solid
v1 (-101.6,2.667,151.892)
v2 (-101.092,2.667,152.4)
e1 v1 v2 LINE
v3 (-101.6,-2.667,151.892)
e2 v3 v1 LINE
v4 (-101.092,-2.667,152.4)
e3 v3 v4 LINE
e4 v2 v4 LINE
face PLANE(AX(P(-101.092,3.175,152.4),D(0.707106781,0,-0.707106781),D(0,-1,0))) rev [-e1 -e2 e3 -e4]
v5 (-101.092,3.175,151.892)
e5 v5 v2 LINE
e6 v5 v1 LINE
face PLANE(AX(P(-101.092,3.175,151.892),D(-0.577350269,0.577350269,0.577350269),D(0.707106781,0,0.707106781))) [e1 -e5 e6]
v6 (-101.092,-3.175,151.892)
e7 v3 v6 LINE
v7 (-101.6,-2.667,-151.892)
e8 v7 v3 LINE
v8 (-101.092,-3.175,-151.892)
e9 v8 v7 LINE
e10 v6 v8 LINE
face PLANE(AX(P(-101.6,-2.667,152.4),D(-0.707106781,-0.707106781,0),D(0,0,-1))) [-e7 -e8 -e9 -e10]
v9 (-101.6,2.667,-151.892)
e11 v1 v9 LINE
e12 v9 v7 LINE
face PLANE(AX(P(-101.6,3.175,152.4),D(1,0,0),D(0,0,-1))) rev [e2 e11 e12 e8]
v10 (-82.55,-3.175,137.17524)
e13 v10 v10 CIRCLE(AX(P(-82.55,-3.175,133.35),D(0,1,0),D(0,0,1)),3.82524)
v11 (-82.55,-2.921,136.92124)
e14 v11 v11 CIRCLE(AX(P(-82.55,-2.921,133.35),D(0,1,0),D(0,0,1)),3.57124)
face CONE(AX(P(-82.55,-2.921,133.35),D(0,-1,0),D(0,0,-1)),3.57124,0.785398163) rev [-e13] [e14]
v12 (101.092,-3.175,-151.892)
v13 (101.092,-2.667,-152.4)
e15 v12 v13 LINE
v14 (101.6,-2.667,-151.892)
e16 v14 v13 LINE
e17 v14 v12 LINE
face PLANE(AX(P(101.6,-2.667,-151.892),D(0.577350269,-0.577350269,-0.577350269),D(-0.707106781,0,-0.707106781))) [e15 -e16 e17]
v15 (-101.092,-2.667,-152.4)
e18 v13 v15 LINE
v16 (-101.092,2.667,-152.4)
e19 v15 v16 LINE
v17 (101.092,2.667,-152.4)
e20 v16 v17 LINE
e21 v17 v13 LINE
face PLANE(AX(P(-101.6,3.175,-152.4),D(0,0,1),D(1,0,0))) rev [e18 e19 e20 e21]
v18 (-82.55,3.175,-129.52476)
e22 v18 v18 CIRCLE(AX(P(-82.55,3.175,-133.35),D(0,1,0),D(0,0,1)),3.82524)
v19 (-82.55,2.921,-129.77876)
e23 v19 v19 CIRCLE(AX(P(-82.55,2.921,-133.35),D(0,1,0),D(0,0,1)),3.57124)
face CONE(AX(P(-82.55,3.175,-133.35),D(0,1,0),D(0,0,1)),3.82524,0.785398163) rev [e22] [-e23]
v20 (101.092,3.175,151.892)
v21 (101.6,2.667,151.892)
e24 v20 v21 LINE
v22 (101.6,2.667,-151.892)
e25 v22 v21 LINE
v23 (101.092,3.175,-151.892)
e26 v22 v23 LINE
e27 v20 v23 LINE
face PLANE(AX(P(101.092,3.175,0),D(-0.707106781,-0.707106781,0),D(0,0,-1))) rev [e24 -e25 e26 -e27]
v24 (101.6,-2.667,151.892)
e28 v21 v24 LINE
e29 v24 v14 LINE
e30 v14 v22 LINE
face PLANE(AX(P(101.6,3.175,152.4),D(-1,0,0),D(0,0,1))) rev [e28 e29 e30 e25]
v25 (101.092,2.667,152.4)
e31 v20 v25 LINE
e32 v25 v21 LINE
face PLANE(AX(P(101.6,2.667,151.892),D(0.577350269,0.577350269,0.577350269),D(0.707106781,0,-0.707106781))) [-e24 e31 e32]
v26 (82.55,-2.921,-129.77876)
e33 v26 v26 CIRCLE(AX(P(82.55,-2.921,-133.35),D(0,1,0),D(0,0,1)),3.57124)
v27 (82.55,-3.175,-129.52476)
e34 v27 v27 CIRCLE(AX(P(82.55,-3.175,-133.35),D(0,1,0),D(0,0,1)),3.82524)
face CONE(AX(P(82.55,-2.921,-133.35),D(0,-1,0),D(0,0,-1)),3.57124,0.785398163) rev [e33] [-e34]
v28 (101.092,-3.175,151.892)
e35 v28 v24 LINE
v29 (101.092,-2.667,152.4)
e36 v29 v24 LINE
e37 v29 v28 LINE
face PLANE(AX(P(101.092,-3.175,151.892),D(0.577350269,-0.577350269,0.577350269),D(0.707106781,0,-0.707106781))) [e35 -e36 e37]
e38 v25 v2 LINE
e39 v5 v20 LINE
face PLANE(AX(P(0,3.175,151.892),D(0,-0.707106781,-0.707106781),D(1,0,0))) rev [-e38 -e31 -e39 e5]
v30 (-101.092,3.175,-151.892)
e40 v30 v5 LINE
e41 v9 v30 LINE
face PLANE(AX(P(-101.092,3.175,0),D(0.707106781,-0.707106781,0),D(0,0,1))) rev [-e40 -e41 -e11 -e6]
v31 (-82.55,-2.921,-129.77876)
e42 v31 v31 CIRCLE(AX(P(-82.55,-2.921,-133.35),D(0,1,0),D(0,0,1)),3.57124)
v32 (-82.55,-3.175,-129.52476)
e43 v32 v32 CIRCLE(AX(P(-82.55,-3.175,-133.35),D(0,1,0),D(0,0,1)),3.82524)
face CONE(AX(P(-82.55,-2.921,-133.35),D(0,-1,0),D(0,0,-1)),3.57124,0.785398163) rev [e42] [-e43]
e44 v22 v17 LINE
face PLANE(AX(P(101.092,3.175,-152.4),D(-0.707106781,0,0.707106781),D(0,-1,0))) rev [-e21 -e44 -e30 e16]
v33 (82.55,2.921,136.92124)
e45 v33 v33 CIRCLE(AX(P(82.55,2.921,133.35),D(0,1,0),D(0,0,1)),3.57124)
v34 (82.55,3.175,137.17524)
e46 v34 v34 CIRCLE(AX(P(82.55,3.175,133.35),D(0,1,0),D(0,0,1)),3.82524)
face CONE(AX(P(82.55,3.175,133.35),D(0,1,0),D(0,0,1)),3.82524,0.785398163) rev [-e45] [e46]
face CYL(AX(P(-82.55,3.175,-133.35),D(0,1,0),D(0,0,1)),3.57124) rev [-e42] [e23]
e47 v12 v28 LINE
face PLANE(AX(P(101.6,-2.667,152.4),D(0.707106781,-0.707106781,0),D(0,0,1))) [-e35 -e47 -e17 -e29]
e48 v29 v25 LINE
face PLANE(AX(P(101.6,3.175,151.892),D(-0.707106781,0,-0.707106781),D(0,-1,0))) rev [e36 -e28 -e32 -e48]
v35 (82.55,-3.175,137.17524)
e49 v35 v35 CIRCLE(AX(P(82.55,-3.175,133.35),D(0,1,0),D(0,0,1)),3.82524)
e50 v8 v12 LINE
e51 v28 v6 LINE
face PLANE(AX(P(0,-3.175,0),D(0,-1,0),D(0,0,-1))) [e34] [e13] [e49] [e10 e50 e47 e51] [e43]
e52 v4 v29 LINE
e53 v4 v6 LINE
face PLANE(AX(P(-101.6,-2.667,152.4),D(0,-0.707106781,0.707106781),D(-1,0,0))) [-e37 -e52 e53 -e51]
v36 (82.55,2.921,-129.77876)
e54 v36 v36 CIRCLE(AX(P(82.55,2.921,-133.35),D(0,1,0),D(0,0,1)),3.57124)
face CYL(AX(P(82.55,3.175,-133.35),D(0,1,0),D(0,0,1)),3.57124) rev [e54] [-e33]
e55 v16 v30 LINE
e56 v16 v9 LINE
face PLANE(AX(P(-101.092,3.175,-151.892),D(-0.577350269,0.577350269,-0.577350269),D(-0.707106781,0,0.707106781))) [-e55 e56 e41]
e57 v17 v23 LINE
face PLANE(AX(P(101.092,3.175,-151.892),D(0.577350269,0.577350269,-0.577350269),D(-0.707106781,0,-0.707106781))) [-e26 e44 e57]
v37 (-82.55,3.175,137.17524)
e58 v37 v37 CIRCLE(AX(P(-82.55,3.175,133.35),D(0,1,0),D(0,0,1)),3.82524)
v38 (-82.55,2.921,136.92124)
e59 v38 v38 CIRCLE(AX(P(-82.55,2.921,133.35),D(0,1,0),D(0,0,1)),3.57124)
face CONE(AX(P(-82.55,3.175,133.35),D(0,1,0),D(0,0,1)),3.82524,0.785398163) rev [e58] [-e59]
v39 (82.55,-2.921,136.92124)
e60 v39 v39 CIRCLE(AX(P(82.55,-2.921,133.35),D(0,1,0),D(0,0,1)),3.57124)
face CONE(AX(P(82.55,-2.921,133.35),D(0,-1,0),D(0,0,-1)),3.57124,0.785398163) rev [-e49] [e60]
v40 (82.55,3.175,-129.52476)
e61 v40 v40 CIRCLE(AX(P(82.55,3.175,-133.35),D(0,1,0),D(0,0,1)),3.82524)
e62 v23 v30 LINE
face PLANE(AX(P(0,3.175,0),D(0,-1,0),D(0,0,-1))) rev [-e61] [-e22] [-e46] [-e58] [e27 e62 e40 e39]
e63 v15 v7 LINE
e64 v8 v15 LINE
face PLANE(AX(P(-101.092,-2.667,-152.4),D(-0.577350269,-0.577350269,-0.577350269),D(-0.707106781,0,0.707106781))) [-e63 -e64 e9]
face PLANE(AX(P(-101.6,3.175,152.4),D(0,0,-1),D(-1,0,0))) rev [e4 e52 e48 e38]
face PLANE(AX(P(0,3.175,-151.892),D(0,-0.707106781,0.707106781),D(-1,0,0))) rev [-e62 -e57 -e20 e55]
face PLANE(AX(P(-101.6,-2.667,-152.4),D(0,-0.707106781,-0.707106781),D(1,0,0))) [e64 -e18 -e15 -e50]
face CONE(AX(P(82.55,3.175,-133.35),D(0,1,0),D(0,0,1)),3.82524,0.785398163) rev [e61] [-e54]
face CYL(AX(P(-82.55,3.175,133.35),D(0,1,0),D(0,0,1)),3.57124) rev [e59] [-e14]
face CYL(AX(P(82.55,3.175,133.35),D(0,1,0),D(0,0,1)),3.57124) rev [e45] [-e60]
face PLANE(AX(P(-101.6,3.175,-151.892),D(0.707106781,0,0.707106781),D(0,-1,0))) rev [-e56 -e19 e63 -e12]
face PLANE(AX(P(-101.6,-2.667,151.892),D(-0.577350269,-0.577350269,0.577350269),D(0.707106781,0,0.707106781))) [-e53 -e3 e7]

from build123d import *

# Parameters (mm, degrees)
SKETCH1_W                        = 203.2
SKETCH1_H                        = 304.8
BOSS_EXTRUDE1_DEPTH              = 3.175
F_1_4_CLEARANCE_HOLE1_AT_2_COUNT = 2
F_1_4_CLEARANCE_HOLE1_AT_2_PITCH = 165.1
F_1_4_CLEARANCE_HOLE1_AT_3_COUNT = 2
F_1_4_CLEARANCE_HOLE1_AT_3_PITCH = 313.666861495
F_1_4_CLEARANCE_HOLE1_AT_4_COUNT = 2
F_1_4_CLEARANCE_HOLE1_AT_4_PITCH = 266.7
CHAMFER1_SIZE                    = 0.508


with BuildPart() as part:
    # Sketch1 → Boss-Extrude1 (new, symmetric)
    with BuildSketch(Plane(origin=(0, 0, 0), x_dir=(1, 0, 0), z_dir=(0, 1, 0))):
        Rectangle(SKETCH1_W, SKETCH1_H)
    extrude(amount=BOSS_EXTRUDE1_DEPTH, both=True)

    # Sketch4 → 1/4 Clearance Hole1 (revolve, cut)
    with BuildSketch(Plane(origin=(-82.55, 3.175, -133.35), x_dir=(0, 0, 1), z_dir=(1, 0, 0))):
        Polygon((0, 0), (0, 6.35), (3.82524, 6.35), (3.57124, 6.096), (3.57124, 0.254), (3.82524, 0), align=None)
    f_1_4_clearance_hole1 = revolve(axis=Axis((-82.55, 9.525, -133.35), (0, -1, 0)), mode=Mode.SUBTRACT)

    # 1/4 Clearance Hole1 at 2: 1/4 Clearance Hole1 ×2
    with Locations(*[(i * F_1_4_CLEARANCE_HOLE1_AT_2_PITCH, 0, 0) for i in range(1, F_1_4_CLEARANCE_HOLE1_AT_2_COUNT)]):
        add(f_1_4_clearance_hole1, mode=Mode.SUBTRACT)

    # 1/4 Clearance Hole1 at 3: 1/4 Clearance Hole1 ×2
    with Locations(*[Vector(0.5263546146162954, 0, 0.8502651466878619) * (i * F_1_4_CLEARANCE_HOLE1_AT_3_PITCH) for i in range(1, F_1_4_CLEARANCE_HOLE1_AT_3_COUNT)]):
        add(f_1_4_clearance_hole1, mode=Mode.SUBTRACT)

    # 1/4 Clearance Hole1 at 4: 1/4 Clearance Hole1 ×2
    with Locations(*[(0, 0, i * F_1_4_CLEARANCE_HOLE1_AT_4_PITCH) for i in range(1, F_1_4_CLEARANCE_HOLE1_AT_4_COUNT)]):
        add(f_1_4_clearance_hole1, mode=Mode.SUBTRACT)

    # Chamfer1
    chamfer1_edges = [part.edges().sort_by_distance(p)[0] for p in [
        (101.6, 3.175, 0),
        (101.6, -3.175, 0),
        (101.6, 0, -152.4),
        (0, 3.175, -152.4),
        (0, -3.175, -152.4),
        (-101.6, 0, -152.4),
        (-101.6, 3.175, 0),
        (-101.6, -3.175, 0),
        (-101.6, 0, 152.4),
        (0, 3.175, 152.4),
        (101.6, 0, 152.4),
        (0, -3.175, 152.4),
    ]]
    chamfer(chamfer1_edges, length=CHAMFER1_SIZE)


solid = part.part
